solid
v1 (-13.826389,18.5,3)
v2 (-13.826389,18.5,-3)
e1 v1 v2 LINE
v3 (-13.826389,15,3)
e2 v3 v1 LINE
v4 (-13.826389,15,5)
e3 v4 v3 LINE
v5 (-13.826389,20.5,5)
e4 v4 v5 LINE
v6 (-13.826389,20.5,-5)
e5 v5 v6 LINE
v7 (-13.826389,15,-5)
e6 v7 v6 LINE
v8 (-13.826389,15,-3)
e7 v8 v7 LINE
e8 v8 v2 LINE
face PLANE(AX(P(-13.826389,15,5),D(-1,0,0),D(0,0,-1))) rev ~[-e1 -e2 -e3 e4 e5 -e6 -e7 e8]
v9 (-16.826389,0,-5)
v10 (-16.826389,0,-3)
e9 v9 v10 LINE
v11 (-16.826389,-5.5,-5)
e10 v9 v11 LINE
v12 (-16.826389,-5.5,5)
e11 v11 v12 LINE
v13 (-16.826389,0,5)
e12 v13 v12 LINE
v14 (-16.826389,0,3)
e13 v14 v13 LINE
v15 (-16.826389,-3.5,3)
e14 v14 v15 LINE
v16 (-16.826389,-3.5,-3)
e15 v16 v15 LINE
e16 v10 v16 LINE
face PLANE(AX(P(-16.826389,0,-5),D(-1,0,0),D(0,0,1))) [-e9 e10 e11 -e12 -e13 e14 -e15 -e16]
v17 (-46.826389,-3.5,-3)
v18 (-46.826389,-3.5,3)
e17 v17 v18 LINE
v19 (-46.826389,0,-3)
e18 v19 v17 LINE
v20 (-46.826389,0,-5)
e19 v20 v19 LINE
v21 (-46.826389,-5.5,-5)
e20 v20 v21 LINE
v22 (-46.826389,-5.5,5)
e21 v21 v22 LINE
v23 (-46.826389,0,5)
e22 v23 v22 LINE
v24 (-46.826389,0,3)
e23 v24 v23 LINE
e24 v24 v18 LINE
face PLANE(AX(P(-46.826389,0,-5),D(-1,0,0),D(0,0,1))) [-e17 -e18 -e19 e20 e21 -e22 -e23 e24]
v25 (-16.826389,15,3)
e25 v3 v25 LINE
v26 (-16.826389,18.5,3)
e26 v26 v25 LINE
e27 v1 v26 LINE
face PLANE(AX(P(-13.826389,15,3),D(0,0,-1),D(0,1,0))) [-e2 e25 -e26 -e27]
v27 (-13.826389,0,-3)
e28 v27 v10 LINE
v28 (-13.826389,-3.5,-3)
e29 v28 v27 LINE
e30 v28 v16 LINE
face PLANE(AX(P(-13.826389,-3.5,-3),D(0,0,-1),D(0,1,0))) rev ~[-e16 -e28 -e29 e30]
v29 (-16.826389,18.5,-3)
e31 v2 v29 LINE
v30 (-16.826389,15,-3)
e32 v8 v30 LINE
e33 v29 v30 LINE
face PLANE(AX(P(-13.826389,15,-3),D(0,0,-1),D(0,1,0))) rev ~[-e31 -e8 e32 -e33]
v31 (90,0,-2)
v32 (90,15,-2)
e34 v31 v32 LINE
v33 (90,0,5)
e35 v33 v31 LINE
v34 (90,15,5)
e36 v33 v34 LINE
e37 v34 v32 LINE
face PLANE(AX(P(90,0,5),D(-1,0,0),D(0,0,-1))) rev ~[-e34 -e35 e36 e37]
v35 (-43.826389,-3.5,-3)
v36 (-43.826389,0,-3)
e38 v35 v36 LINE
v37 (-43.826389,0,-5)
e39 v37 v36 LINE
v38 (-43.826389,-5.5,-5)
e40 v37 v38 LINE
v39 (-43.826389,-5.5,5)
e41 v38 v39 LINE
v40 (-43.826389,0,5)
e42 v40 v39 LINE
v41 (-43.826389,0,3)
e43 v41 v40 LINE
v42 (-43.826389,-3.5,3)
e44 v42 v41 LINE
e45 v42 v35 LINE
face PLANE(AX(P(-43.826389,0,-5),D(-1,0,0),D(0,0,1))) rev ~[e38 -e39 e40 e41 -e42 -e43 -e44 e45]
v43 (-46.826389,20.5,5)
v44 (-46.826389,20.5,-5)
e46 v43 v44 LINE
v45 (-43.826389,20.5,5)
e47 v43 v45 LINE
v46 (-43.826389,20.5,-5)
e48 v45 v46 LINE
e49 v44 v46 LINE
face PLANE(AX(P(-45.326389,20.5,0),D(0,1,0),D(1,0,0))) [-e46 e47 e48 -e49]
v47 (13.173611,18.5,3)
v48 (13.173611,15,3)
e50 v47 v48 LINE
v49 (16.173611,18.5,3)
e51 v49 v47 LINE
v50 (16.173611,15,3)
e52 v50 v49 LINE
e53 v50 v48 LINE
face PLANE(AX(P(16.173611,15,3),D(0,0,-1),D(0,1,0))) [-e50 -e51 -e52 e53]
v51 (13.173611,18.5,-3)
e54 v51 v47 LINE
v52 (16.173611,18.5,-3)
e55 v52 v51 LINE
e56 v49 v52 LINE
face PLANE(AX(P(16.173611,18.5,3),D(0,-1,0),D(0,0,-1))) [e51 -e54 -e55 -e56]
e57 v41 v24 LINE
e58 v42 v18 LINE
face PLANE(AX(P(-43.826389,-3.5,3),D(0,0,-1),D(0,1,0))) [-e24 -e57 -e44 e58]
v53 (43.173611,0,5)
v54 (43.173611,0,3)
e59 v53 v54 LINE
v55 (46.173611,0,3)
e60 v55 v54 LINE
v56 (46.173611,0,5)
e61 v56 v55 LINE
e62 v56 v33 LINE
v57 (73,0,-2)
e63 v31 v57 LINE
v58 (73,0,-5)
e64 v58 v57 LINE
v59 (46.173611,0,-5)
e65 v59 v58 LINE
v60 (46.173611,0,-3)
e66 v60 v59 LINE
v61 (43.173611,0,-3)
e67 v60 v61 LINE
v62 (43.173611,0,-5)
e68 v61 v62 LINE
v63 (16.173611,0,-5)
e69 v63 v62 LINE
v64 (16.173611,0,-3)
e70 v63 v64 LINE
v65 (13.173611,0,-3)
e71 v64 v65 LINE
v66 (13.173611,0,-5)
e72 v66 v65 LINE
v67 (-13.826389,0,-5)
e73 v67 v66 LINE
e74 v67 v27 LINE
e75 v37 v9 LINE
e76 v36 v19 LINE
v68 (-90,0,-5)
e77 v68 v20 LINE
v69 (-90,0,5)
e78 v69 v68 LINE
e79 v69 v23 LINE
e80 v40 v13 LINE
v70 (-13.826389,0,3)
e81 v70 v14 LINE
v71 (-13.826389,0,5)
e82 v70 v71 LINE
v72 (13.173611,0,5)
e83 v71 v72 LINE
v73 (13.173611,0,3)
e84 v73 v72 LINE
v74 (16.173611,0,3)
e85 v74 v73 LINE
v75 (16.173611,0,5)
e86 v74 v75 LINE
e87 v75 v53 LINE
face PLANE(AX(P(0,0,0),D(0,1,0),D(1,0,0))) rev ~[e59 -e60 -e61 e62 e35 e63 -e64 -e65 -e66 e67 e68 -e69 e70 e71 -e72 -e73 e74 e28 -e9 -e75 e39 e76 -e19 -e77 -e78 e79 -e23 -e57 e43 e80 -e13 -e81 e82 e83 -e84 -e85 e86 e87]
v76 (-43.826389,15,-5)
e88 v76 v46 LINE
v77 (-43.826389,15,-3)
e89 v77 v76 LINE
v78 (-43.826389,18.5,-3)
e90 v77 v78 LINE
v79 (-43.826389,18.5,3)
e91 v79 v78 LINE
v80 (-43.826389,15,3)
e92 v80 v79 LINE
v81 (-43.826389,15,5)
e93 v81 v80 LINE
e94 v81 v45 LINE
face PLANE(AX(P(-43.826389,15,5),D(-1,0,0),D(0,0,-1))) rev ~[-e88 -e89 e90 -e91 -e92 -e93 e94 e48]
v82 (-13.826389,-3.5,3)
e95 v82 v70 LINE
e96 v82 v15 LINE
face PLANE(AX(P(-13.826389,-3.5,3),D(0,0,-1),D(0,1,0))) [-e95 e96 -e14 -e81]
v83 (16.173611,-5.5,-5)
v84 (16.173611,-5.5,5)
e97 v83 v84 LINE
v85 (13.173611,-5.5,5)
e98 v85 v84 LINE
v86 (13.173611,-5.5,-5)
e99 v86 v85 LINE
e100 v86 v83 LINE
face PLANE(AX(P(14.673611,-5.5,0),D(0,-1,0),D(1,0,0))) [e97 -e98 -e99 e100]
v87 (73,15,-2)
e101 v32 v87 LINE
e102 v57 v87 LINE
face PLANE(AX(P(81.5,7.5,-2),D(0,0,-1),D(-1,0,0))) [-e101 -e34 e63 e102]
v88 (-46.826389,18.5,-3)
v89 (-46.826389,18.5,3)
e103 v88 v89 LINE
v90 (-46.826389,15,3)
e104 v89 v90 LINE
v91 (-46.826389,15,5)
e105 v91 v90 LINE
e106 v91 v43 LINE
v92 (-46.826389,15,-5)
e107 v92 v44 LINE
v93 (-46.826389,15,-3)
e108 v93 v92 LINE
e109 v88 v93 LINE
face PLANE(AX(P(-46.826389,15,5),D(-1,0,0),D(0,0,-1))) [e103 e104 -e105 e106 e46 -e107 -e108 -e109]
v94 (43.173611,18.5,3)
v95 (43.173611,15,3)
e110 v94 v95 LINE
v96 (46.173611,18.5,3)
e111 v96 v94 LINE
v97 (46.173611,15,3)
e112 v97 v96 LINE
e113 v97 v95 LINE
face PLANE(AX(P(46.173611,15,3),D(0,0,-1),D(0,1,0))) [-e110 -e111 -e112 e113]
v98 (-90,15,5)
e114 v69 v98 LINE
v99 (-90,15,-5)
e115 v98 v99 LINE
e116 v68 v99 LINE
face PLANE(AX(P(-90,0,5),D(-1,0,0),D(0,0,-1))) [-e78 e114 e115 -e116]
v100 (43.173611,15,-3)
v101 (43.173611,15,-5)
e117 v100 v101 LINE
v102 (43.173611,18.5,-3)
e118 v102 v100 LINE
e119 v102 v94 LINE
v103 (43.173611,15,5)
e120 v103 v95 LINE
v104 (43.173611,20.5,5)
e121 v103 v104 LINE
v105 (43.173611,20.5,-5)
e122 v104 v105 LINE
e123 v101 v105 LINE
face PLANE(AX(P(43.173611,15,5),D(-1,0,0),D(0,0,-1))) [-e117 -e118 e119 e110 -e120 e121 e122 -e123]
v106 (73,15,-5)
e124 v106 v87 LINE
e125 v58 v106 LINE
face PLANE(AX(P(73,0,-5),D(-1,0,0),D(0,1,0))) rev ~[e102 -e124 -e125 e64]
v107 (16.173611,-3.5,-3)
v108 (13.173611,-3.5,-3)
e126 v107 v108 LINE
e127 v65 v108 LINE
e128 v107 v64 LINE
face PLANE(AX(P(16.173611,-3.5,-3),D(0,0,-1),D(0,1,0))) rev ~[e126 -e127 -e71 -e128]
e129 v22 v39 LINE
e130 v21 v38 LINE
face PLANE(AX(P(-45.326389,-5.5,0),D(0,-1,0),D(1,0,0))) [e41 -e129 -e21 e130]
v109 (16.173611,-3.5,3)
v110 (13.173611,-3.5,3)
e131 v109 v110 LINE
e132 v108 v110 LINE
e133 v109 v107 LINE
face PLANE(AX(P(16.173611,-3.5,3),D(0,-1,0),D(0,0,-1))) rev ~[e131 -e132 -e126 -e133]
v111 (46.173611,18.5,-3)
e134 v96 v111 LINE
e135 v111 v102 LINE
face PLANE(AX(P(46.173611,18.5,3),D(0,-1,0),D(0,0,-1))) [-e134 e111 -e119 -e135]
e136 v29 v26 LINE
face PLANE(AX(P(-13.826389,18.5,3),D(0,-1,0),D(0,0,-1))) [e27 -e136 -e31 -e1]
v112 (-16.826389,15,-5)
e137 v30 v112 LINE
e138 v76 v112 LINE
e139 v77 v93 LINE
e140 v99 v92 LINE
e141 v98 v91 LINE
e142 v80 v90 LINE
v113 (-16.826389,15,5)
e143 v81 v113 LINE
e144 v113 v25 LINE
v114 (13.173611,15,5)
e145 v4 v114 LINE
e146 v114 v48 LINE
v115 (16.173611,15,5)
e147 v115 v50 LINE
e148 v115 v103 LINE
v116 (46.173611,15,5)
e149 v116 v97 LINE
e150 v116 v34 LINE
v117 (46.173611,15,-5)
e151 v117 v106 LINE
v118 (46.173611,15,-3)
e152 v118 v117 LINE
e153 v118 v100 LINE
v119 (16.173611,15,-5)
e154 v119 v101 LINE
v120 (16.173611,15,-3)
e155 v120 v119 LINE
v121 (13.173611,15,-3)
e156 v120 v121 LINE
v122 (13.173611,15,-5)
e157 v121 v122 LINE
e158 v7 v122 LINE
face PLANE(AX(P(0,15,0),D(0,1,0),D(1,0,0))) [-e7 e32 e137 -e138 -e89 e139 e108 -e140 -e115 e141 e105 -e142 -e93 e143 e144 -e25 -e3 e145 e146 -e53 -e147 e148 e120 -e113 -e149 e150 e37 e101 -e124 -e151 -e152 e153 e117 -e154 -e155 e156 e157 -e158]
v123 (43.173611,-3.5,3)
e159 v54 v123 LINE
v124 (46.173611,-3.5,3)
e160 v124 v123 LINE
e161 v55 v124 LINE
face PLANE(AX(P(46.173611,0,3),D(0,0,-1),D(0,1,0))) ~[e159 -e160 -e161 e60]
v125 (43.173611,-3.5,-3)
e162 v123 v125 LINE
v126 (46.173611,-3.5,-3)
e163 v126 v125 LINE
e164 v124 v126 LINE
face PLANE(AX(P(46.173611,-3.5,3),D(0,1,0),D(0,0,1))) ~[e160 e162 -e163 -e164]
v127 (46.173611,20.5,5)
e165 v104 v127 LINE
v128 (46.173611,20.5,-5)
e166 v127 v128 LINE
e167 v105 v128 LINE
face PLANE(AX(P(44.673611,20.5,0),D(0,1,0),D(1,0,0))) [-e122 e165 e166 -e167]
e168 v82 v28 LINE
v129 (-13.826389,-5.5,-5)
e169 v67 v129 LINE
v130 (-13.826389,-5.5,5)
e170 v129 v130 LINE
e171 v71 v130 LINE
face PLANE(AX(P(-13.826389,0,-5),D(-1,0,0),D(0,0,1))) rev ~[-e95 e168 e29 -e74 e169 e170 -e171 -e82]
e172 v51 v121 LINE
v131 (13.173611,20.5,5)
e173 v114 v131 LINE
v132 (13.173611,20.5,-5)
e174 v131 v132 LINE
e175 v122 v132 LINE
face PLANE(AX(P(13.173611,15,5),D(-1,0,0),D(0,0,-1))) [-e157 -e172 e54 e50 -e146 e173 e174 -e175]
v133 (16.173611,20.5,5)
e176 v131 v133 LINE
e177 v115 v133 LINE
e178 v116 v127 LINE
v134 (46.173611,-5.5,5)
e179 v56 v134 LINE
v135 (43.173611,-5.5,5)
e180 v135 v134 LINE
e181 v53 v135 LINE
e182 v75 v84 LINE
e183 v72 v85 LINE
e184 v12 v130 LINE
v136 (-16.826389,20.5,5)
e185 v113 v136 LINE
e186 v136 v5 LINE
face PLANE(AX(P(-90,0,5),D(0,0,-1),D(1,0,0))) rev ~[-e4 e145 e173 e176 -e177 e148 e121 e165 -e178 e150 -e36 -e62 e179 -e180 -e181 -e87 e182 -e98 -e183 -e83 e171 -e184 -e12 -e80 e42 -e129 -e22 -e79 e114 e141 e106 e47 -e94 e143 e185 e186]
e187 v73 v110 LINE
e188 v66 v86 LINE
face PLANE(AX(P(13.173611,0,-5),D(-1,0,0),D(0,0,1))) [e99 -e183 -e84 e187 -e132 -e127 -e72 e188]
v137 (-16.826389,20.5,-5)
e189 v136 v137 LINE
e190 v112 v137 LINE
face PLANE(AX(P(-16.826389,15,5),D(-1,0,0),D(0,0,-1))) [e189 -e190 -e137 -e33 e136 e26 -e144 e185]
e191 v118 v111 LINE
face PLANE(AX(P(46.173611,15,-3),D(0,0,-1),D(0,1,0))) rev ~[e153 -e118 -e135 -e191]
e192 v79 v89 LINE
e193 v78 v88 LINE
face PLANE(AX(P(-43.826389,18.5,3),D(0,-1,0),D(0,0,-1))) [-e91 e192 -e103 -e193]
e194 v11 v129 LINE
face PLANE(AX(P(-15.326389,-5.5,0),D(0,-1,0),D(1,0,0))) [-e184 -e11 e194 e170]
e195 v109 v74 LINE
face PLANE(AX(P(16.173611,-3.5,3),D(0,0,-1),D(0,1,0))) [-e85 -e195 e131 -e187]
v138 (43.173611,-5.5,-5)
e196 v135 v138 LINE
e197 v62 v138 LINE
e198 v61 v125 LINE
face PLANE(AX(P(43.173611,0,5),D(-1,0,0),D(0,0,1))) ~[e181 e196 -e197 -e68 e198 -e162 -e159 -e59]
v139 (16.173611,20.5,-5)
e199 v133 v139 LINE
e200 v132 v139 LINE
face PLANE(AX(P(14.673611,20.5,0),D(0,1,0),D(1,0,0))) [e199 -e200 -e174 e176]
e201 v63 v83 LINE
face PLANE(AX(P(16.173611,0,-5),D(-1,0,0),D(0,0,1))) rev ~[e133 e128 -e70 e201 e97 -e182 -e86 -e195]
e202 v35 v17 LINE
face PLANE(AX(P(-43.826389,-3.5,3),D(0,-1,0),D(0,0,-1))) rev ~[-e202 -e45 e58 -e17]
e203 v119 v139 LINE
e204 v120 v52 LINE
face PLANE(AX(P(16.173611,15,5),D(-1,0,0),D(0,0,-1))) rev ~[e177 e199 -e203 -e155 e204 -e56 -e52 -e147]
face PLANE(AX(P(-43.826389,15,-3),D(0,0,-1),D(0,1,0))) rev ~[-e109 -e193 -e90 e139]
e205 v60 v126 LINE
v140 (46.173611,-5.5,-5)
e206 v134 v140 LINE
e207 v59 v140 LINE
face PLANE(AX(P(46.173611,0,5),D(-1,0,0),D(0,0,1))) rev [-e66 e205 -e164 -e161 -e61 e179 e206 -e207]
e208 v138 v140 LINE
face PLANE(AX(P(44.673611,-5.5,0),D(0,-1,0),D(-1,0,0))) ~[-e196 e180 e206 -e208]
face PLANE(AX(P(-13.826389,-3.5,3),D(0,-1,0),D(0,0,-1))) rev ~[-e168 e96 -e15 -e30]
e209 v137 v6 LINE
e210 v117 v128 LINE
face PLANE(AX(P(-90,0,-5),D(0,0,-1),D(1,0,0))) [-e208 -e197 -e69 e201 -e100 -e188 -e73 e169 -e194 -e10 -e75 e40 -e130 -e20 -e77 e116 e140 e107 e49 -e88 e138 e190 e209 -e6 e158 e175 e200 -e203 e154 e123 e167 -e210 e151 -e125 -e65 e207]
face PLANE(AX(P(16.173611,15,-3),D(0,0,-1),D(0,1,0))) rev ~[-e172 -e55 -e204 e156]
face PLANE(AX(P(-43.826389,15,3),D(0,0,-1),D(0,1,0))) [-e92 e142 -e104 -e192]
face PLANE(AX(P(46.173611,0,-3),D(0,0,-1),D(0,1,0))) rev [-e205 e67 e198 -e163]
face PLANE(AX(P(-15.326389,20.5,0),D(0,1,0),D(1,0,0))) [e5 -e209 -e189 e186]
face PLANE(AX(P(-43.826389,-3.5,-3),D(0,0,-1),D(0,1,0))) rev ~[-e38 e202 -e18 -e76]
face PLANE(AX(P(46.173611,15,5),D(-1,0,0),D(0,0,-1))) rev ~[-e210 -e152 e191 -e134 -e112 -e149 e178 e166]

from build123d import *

# Parameters (mm, degrees)
SKETCH1_W               = 180
SKETCH1_H               = 10
BOSS_EXTRUDE1_DEPTH     = 15
SKETCH2_W               = 17
SKETCH2_H               = 15
CUT_EXTRUDE1_DEPTH      = 3
SKETCH3_W               = 3
SKETCH3_H               = 10
BOSS_EXTRUDE2_DEPTH     = 5.5
SKETCH4_W               = 6
SKETCH4_H               = 3.5
CUT_EXTRUDE2_DEPTH      = 7
LPATTERN1_COUNT         = 4
LPATTERN1_PITCH         = 30
MIRROR1_COPY_1_SKETCH_W = 3
MIRROR1_COPY_1_SKETCH_H = 10
MIRROR1_COPY_1_DEPTH    = 5.5
MIRROR1_COPY_2_SKETCH_W = 3
MIRROR1_COPY_2_SKETCH_H = 10
MIRROR1_COPY_2_DEPTH    = 5.5
MIRROR1_COPY_3_SKETCH_W = 3
MIRROR1_COPY_3_SKETCH_H = 10
MIRROR1_COPY_3_DEPTH    = 5.5
MIRROR1_COPY_4_SKETCH_W = 6
MIRROR1_COPY_4_SKETCH_H = 3.5
MIRROR1_COPY_4_DEPTH    = 7
MIRROR1_COPY_5_SKETCH_W = 6
MIRROR1_COPY_5_SKETCH_H = 3.5
MIRROR1_COPY_5_DEPTH    = 7
MIRROR1_COPY_6_SKETCH_W = 6
MIRROR1_COPY_6_SKETCH_H = 3.5
MIRROR1_COPY_6_DEPTH    = 7


with BuildPart() as part:
    # Sketch1 → Boss-Extrude1 (new body)
    with BuildSketch(Plane(origin=(0, 0, 0), x_dir=(1, 0, 0), z_dir=(0, 1, 0))):
        Rectangle(SKETCH1_W, SKETCH1_H)
    extrude(amount=BOSS_EXTRUDE1_DEPTH)

    # Sketch2 → Cut-Extrude1 (cut)
    with BuildSketch(Plane(origin=(0, 0, -5), x_dir=(-1, 0, 0), z_dir=(0, 0, -1))):
        with Locations((-81.5, 7.5)):
            Rectangle(SKETCH2_W, SKETCH2_H)
    extrude(amount=-CUT_EXTRUDE1_DEPTH, mode=Mode.SUBTRACT)

    # Sketch3 → Boss-Extrude2 (add)
    with BuildSketch(Plane(origin=(0, 15, 0), x_dir=(1, 0, 0), z_dir=(0, 1, 0))):
        with Locations((44.673610622, 0)):
            Rectangle(SKETCH3_W, SKETCH3_H)
    boss_extrude2 = extrude(amount=BOSS_EXTRUDE2_DEPTH)

    # Sketch4 → Cut-Extrude2 (cut)
    with BuildSketch(Plane(origin=(46.173610622, 0, 0), x_dir=(0, 0, -1), z_dir=(1, 0, 0))):
        with Locations((0, 16.75)):
            Rectangle(SKETCH4_W, SKETCH4_H)
    cut_extrude2 = extrude(amount=-CUT_EXTRUDE2_DEPTH, mode=Mode.SUBTRACT)

    # LPattern1: Boss-Extrude2, Cut-Extrude2 ×4
    with Locations(*[(-i * LPATTERN1_PITCH, 0, 0) for i in range(1, LPATTERN1_COUNT)]):
        add(boss_extrude2)
        add(cut_extrude2, mode=Mode.SUBTRACT)

    # Mirror1: Boss-Extrude2, Cut-Extrude2 across plane
    add(boss_extrude2.mirror(Plane(origin=(0, 7.5, 0), x_dir=(0, 0, 1), z_dir=(0, -1, 0))))
    add(cut_extrude2.mirror(Plane(origin=(0, 7.5, 0), x_dir=(0, 0, 1), z_dir=(0, -1, 0))), mode=Mode.SUBTRACT)

    # Mirror1 copy 1 sketch → Mirror1 copy 1 (add)
    with BuildSketch(Plane(origin=(-30, 0, 0), x_dir=(1, 0, 0), z_dir=(0, -1, 0))):
        with Locations((44.673610622, 0)):
            Rectangle(MIRROR1_COPY_1_SKETCH_W, MIRROR1_COPY_1_SKETCH_H)
    extrude(amount=MIRROR1_COPY_1_DEPTH)

    # Mirror1 copy 2 sketch → Mirror1 copy 2 (add)
    with BuildSketch(Plane(origin=(-60, 0, 0), x_dir=(1, 0, 0), z_dir=(0, -1, 0))):
        with Locations((44.673610622, 0)):
            Rectangle(MIRROR1_COPY_2_SKETCH_W, MIRROR1_COPY_2_SKETCH_H)
    extrude(amount=MIRROR1_COPY_2_DEPTH)

    # Mirror1 copy 3 sketch → Mirror1 copy 3 (add)
    with BuildSketch(Plane(origin=(-90, 0, 0), x_dir=(1, 0, 0), z_dir=(0, -1, 0))):
        with Locations((44.673610622, 0)):
            Rectangle(MIRROR1_COPY_3_SKETCH_W, MIRROR1_COPY_3_SKETCH_H)
    extrude(amount=MIRROR1_COPY_3_DEPTH)

    # Mirror1 copy 4 sketch → Mirror1 copy 4 (cut)
    with BuildSketch(Plane(origin=(16.173610622, 15, 0), x_dir=(0, 0, -1), z_dir=(1, 0, 0))):
        with Locations((0, -16.75)):
            Rectangle(MIRROR1_COPY_4_SKETCH_W, MIRROR1_COPY_4_SKETCH_H)
    extrude(amount=-MIRROR1_COPY_4_DEPTH, mode=Mode.SUBTRACT)

    # Mirror1 copy 5 sketch → Mirror1 copy 5 (cut)
    with BuildSketch(Plane(origin=(-13.826389378, 15, 0), x_dir=(0, 0, -1), z_dir=(1, 0, 0))):
        with Locations((0, -16.75)):
            Rectangle(MIRROR1_COPY_5_SKETCH_W, MIRROR1_COPY_5_SKETCH_H)
    extrude(amount=-MIRROR1_COPY_5_DEPTH, mode=Mode.SUBTRACT)

    # Mirror1 copy 6 sketch → Mirror1 copy 6 (cut)
    with BuildSketch(Plane(origin=(-43.826389378, 15, 0), x_dir=(0, 0, -1), z_dir=(1, 0, 0))):
        with Locations((0, -16.75)):
            Rectangle(MIRROR1_COPY_6_SKETCH_W, MIRROR1_COPY_6_SKETCH_H)
    extrude(amount=-MIRROR1_COPY_6_DEPTH, mode=Mode.SUBTRACT)


solid = part.part
